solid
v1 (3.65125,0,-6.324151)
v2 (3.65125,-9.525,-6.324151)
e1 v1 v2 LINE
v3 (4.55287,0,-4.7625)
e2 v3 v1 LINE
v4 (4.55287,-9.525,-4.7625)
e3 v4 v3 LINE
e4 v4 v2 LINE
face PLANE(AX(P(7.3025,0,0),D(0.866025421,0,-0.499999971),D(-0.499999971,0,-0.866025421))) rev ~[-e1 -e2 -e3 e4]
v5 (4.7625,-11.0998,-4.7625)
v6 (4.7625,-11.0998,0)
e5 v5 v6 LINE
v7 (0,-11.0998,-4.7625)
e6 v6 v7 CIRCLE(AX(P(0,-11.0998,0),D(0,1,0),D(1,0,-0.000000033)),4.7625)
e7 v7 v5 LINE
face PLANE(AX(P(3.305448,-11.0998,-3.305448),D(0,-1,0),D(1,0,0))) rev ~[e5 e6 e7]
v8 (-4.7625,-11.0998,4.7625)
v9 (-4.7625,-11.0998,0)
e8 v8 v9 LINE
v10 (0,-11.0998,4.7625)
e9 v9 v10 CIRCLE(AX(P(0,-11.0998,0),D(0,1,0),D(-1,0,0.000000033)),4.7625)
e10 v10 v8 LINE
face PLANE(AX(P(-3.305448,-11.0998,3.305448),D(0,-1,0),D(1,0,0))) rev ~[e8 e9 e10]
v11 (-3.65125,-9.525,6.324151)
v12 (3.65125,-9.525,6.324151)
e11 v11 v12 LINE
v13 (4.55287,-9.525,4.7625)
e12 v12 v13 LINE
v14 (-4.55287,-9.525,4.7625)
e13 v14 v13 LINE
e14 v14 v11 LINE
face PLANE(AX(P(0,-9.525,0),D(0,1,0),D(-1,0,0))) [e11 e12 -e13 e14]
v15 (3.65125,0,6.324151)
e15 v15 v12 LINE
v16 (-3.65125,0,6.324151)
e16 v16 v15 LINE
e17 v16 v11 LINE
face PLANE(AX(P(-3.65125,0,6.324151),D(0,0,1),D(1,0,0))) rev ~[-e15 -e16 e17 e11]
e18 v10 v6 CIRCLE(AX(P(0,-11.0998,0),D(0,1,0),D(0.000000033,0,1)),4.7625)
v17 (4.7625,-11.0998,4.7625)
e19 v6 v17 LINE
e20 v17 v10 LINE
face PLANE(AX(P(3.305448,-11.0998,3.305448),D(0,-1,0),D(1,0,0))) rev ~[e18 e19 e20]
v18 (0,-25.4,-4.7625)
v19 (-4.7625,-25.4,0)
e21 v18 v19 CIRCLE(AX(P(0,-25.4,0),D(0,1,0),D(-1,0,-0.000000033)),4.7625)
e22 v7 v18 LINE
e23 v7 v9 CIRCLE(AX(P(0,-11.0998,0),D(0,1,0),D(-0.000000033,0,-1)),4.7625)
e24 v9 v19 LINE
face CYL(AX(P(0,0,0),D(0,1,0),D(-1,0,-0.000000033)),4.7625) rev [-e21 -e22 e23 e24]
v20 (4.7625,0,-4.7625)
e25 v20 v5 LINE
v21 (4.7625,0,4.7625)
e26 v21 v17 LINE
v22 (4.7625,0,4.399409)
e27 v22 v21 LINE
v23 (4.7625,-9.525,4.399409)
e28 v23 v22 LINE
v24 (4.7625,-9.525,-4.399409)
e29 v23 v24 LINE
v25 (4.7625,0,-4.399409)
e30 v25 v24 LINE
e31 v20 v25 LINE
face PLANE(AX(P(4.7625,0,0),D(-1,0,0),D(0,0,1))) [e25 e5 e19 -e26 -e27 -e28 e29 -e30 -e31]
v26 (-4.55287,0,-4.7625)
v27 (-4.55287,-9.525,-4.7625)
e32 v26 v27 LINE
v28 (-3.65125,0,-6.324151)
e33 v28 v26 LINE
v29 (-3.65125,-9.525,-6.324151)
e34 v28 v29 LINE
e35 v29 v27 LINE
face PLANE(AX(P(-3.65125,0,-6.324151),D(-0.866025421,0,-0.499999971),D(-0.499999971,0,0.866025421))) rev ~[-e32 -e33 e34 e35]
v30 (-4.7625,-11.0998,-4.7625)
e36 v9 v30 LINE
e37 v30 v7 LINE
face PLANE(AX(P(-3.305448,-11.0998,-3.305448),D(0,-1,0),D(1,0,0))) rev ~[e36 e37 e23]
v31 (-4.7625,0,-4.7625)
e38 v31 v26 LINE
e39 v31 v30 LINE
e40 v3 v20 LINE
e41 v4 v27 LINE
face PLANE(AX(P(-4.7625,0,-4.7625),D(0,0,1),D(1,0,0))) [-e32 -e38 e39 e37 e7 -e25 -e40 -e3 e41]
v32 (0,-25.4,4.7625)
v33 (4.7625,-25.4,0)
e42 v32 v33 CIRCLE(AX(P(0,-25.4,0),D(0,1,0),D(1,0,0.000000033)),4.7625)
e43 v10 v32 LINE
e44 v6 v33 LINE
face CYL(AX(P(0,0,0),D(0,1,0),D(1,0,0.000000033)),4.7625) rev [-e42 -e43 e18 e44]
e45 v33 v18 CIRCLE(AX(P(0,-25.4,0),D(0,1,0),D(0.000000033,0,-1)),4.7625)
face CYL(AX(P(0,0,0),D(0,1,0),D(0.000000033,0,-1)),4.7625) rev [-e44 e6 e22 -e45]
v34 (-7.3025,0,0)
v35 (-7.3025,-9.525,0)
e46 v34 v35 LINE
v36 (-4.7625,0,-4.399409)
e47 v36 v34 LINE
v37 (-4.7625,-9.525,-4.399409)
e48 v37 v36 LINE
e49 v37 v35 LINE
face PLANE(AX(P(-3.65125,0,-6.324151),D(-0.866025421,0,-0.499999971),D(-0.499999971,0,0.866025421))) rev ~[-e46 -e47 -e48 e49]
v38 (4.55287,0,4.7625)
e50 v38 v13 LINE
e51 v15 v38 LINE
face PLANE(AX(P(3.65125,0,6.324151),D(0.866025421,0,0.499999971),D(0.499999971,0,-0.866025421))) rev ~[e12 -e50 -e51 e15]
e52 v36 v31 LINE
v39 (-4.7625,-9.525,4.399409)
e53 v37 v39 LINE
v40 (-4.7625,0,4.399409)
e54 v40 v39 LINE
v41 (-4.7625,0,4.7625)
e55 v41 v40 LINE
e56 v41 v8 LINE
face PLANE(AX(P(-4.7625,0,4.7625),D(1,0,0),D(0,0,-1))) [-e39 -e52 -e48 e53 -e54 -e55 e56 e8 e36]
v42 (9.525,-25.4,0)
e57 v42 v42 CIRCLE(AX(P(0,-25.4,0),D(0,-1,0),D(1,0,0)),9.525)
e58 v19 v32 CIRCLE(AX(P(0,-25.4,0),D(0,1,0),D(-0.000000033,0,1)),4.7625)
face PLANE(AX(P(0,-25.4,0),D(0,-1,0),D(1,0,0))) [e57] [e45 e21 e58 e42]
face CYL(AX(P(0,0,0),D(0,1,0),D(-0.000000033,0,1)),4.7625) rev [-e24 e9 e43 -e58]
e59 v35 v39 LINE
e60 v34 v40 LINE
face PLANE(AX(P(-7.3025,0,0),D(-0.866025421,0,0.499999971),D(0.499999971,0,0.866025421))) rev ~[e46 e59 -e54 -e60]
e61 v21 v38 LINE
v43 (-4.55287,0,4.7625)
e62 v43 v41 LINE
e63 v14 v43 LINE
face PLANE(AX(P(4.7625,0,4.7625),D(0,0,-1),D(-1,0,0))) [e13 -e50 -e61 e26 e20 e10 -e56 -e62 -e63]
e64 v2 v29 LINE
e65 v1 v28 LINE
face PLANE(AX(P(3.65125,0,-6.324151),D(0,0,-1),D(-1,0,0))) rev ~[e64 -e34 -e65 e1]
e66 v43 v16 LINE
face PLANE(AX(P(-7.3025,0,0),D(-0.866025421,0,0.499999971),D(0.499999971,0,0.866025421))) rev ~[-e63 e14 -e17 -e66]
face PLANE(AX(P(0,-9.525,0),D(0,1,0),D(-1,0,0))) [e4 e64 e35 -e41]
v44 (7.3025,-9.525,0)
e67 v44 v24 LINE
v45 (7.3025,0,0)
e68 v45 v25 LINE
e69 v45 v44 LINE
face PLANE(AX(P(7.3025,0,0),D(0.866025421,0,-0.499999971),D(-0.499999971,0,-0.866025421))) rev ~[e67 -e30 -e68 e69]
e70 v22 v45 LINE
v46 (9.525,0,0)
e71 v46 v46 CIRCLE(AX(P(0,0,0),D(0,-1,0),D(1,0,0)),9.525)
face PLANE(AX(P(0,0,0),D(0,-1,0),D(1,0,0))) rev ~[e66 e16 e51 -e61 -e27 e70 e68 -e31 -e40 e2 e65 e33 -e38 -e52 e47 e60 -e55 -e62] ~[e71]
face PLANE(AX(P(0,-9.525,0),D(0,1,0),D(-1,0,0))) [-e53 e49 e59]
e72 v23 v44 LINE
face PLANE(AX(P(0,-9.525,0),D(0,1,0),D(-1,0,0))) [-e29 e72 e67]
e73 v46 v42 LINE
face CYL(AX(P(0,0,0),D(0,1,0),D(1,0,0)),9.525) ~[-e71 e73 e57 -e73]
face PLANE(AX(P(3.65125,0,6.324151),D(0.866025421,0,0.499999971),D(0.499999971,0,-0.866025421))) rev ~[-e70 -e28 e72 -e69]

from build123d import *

# Parameters (mm, degrees)
F0_R     = 9.525
F1_DEPTH = 25.4
F3_DEPTH = 25.401
F4_DEPTH = 11.0998
F6_DEPTH = 9.525


with BuildPart() as f1:
    # F0 (on Front) → F1 (new body)
    with BuildSketch(Plane.XZ):
        Circle(F0_R)
    extrude(amount=F1_DEPTH)

    # F2 (on Front) → F3 (cut, through all)
    with BuildSketch(Plane.XZ):
        with BuildLine():
            ThreePointArc((4.7625, 0), (3.367596, 3.367596), (0, 4.7625))
            ThreePointArc((0, 4.7625), (-3.367596, 3.367596), (-4.7625, 0))
            ThreePointArc((-4.7625, 0), (-3.367596, -3.367596), (0, -4.7625))
            ThreePointArc((0, -4.7625), (3.367596, -3.367596), (4.7625, 0))
        make_face()
    extrude(amount=F3_DEPTH, mode=Mode.SUBTRACT)

    # F2 (on Front) → F4 (cut)
    with BuildSketch(Plane.XZ):
        with BuildLine():
            Line((0, 4.7625), (-4.7625, 4.7625))
            Line((-4.7625, 4.7625), (-4.7625, 0))
            ThreePointArc((-4.7625, 0), (-3.367596, 3.367596), (0, 4.7625))
        make_face()
        with BuildLine():
            Line((4.7625, 4.7625), (0, 4.7625))
            ThreePointArc((0, 4.7625), (3.367596, 3.367596), (4.7625, 0))
            Line((4.7625, 0), (4.7625, 4.7625))
        make_face()
        with BuildLine():
            ThreePointArc((0, -4.7625), (-3.367596, -3.367596), (-4.7625, 0))
            Line((-4.7625, 0), (-4.7625, -4.7625))
            Line((-4.7625, -4.7625), (0, -4.7625))
        make_face()
        with BuildLine():
            Line((4.7625, -4.7625), (4.7625, 0))
            ThreePointArc((4.7625, 0), (3.367596, -3.367596), (0, -4.7625))
            Line((0, -4.7625), (4.7625, -4.7625))
        make_face()
    extrude(amount=F4_DEPTH, mode=Mode.SUBTRACT)

    # F5 (on face) → F6 (cut)
    with BuildSketch(Plane(origin=(0, 0, 0), x_dir=(-1, 0, 0), z_dir=(0, 1, 0))):
        Polygon((3.65125, 6.324151), (-3.65125, 6.324151), (-7.3025, 0), (-3.65125, -6.324151), (3.65125, -6.324151), (7.3025, 0), align=None)
    extrude(amount=-F6_DEPTH, mode=Mode.SUBTRACT)


solid = f1.part
